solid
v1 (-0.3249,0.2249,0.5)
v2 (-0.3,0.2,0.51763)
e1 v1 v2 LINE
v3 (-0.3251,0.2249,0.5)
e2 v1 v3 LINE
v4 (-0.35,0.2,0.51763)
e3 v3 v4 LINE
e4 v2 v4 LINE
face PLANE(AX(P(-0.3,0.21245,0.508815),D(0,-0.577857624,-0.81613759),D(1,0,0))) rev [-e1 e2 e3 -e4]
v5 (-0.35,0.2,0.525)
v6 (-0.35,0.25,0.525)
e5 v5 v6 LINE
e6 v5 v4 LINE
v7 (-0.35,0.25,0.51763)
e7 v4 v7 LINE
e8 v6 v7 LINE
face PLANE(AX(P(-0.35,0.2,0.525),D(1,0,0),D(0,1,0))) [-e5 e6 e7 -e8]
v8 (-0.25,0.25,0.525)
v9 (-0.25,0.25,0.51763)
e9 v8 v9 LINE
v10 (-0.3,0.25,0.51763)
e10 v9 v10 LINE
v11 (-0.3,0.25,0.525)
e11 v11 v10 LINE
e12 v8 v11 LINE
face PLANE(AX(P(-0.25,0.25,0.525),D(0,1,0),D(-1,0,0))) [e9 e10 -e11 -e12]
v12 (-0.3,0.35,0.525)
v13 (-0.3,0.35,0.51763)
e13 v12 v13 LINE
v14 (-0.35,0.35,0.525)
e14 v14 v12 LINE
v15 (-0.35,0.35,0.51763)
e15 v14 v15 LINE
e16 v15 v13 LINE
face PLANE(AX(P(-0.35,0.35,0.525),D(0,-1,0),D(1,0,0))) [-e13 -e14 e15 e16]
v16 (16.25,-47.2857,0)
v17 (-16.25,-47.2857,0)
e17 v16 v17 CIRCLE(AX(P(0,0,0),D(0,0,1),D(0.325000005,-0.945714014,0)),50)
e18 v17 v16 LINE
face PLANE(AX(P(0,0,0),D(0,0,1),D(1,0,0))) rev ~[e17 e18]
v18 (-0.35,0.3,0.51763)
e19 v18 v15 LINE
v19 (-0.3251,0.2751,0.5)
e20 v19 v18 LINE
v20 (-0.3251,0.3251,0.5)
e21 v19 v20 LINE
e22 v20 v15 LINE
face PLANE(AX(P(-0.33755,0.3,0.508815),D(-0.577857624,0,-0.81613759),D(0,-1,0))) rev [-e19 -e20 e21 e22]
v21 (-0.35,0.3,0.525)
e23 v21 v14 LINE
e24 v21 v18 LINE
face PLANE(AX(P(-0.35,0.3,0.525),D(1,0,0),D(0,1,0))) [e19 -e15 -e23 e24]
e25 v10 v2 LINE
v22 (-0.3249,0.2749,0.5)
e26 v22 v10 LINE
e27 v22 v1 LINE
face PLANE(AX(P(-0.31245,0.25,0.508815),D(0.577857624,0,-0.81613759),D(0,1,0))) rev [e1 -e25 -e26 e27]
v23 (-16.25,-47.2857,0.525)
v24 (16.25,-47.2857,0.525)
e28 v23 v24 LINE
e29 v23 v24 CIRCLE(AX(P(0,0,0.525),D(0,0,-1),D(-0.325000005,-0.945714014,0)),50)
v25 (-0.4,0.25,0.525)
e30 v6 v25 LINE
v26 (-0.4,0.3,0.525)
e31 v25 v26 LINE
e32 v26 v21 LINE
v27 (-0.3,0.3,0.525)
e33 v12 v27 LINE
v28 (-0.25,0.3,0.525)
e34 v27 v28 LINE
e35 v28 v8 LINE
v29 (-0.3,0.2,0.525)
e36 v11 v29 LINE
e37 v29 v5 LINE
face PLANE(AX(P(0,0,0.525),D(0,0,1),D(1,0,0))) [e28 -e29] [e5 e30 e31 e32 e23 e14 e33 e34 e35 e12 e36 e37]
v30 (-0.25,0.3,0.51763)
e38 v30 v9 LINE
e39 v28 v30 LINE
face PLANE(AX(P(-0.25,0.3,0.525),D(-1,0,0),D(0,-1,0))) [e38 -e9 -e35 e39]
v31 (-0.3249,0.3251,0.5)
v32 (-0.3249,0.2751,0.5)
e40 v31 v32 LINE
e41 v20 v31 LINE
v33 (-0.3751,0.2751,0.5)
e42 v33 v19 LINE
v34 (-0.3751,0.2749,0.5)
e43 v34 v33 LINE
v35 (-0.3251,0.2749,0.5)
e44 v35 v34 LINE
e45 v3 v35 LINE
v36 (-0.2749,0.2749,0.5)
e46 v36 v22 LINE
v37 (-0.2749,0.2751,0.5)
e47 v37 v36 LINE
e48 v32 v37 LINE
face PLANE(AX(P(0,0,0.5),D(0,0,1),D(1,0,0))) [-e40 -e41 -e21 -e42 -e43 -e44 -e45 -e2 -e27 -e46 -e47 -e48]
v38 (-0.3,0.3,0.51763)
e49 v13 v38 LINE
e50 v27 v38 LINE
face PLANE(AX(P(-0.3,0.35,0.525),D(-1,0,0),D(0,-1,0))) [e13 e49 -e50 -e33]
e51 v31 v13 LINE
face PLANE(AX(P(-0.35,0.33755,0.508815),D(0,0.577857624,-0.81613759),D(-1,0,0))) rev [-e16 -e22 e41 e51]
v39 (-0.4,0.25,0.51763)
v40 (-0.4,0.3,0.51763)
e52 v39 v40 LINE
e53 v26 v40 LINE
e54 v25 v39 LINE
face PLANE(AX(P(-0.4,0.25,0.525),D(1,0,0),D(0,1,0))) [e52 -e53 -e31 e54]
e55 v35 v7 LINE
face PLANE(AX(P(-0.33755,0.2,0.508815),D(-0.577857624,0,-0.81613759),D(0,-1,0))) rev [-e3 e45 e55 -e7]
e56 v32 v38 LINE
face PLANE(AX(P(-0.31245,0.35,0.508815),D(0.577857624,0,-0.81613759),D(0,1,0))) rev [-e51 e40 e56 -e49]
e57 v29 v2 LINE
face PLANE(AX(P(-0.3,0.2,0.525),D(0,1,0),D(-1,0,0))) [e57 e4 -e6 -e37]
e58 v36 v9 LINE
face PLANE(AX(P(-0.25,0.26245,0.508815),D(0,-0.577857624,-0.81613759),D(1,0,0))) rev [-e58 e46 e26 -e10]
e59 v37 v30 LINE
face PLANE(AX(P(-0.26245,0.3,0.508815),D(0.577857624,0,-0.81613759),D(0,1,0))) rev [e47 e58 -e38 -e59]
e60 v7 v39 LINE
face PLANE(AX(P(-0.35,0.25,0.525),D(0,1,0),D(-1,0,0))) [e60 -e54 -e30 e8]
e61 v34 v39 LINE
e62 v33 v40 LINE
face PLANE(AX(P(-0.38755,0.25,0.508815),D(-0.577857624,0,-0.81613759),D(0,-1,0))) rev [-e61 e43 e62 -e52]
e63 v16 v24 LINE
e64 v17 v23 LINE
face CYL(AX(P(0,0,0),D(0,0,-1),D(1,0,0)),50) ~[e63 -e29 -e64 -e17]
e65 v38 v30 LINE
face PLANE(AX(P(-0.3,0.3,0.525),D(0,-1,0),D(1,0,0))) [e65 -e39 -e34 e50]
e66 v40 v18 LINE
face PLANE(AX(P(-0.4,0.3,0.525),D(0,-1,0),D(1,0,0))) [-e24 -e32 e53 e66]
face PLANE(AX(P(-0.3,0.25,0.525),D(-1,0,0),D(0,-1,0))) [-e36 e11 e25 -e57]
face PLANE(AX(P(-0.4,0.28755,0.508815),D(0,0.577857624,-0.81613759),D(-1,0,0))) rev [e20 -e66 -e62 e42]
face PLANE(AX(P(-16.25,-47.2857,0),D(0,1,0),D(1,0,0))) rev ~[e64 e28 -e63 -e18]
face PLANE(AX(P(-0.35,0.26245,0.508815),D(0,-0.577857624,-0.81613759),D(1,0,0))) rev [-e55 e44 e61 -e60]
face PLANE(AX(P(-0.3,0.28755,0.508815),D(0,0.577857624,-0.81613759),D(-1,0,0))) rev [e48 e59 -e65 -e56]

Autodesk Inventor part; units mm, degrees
ref_plane "YZ Plane" through (0, 0, 0) normal (1, 0, 0) x (0, 1, 0)
ref_plane "XZ Plane" through (0, 0, 0) normal (0, 1, 0) x (-1, 0, 0)
ref_plane "XY Plane" through (0, 0, 0) normal (0, 0, 1) x (1, 0, 0)
sketch "Sketch1" plane through (0, 0, 0) normal (0, 0, 1) x (1, 0, 0)
  circle A0 centre (0, 0) radius 50
  line L0 (-16.25, -47.2857) -> (16.25, -47.2857)
  dimension "d1" = 32.5
  dimension "d2" = 100
extrude "Extrusion1" add sketch "Sketch1" along normal blind 0.525 contours A0 L0 picked at (-0.3738, -14.8613)
sketch "Sketch2" plane through (0, 0, 0.525) normal (0, 0, 1) x (1, 0, 0)
  arc A0 (16.25, -47.2857) -> (-16.25, -47.2857) centre (0, 0) ccw projected
  line L0 (-0.35, 0.35) -> (-0.3, 0.35)
  line L1 (-0.3, 0.35) -> (-0.3, 0.3)
  line L2 (-0.3, 0.3) -> (-0.25, 0.3)
  line L3 (-0.25, 0.3) -> (-0.25, 0.25)
  line L4 (-0.25, 0.25) -> (-0.3, 0.25)
  line L5 (-0.3, 0.25) -> (-0.3, 0.2)
  line L6 (-0.3, 0.2) -> (-0.35, 0.2)
  line L7 (-0.35, 0.2) -> (-0.35, 0.25)
  line L8 (-0.35, 0.25) -> (-0.4, 0.25)
  line L9 (-0.4, 0.25) -> (-0.4, 0.3)
  line L10 (-0.4, 0.3) -> (-0.35, 0.3)
  line L11 (-0.35, 0.3) -> (-0.35, 0.35)
  dimension "d5" = 0.05
  dimension "d6" = 0.25
  dimension "d7" = 0.25
extrude "Extrusion2" cut sketch "Sketch2" against normal blind 0.025
chamfer "Chamfer2" distance 0.0249 angle 35.3 12 edges at (-0.325, 0.35, 0.5) (-0.35, 0.325, 0.5) (-0.375, 0.3, 0.5) (-0.4, 0.275, 0.5) (-0.375, 0.25, 0.5) (-0.35, 0.225, 0.5) (-0.325, 0.2, 0.5) (-0.3, 0.225, 0.5) (-0.275, 0.25, 0.5) (-0.25, 0.275, 0.5) (-0.275, 0.3, 0.5) (-0.3, 0.325, 0.5) measured on face at (-0.3833, 0.2833, 0.5)
properties part number "combdrive-test" material "Silicon"
